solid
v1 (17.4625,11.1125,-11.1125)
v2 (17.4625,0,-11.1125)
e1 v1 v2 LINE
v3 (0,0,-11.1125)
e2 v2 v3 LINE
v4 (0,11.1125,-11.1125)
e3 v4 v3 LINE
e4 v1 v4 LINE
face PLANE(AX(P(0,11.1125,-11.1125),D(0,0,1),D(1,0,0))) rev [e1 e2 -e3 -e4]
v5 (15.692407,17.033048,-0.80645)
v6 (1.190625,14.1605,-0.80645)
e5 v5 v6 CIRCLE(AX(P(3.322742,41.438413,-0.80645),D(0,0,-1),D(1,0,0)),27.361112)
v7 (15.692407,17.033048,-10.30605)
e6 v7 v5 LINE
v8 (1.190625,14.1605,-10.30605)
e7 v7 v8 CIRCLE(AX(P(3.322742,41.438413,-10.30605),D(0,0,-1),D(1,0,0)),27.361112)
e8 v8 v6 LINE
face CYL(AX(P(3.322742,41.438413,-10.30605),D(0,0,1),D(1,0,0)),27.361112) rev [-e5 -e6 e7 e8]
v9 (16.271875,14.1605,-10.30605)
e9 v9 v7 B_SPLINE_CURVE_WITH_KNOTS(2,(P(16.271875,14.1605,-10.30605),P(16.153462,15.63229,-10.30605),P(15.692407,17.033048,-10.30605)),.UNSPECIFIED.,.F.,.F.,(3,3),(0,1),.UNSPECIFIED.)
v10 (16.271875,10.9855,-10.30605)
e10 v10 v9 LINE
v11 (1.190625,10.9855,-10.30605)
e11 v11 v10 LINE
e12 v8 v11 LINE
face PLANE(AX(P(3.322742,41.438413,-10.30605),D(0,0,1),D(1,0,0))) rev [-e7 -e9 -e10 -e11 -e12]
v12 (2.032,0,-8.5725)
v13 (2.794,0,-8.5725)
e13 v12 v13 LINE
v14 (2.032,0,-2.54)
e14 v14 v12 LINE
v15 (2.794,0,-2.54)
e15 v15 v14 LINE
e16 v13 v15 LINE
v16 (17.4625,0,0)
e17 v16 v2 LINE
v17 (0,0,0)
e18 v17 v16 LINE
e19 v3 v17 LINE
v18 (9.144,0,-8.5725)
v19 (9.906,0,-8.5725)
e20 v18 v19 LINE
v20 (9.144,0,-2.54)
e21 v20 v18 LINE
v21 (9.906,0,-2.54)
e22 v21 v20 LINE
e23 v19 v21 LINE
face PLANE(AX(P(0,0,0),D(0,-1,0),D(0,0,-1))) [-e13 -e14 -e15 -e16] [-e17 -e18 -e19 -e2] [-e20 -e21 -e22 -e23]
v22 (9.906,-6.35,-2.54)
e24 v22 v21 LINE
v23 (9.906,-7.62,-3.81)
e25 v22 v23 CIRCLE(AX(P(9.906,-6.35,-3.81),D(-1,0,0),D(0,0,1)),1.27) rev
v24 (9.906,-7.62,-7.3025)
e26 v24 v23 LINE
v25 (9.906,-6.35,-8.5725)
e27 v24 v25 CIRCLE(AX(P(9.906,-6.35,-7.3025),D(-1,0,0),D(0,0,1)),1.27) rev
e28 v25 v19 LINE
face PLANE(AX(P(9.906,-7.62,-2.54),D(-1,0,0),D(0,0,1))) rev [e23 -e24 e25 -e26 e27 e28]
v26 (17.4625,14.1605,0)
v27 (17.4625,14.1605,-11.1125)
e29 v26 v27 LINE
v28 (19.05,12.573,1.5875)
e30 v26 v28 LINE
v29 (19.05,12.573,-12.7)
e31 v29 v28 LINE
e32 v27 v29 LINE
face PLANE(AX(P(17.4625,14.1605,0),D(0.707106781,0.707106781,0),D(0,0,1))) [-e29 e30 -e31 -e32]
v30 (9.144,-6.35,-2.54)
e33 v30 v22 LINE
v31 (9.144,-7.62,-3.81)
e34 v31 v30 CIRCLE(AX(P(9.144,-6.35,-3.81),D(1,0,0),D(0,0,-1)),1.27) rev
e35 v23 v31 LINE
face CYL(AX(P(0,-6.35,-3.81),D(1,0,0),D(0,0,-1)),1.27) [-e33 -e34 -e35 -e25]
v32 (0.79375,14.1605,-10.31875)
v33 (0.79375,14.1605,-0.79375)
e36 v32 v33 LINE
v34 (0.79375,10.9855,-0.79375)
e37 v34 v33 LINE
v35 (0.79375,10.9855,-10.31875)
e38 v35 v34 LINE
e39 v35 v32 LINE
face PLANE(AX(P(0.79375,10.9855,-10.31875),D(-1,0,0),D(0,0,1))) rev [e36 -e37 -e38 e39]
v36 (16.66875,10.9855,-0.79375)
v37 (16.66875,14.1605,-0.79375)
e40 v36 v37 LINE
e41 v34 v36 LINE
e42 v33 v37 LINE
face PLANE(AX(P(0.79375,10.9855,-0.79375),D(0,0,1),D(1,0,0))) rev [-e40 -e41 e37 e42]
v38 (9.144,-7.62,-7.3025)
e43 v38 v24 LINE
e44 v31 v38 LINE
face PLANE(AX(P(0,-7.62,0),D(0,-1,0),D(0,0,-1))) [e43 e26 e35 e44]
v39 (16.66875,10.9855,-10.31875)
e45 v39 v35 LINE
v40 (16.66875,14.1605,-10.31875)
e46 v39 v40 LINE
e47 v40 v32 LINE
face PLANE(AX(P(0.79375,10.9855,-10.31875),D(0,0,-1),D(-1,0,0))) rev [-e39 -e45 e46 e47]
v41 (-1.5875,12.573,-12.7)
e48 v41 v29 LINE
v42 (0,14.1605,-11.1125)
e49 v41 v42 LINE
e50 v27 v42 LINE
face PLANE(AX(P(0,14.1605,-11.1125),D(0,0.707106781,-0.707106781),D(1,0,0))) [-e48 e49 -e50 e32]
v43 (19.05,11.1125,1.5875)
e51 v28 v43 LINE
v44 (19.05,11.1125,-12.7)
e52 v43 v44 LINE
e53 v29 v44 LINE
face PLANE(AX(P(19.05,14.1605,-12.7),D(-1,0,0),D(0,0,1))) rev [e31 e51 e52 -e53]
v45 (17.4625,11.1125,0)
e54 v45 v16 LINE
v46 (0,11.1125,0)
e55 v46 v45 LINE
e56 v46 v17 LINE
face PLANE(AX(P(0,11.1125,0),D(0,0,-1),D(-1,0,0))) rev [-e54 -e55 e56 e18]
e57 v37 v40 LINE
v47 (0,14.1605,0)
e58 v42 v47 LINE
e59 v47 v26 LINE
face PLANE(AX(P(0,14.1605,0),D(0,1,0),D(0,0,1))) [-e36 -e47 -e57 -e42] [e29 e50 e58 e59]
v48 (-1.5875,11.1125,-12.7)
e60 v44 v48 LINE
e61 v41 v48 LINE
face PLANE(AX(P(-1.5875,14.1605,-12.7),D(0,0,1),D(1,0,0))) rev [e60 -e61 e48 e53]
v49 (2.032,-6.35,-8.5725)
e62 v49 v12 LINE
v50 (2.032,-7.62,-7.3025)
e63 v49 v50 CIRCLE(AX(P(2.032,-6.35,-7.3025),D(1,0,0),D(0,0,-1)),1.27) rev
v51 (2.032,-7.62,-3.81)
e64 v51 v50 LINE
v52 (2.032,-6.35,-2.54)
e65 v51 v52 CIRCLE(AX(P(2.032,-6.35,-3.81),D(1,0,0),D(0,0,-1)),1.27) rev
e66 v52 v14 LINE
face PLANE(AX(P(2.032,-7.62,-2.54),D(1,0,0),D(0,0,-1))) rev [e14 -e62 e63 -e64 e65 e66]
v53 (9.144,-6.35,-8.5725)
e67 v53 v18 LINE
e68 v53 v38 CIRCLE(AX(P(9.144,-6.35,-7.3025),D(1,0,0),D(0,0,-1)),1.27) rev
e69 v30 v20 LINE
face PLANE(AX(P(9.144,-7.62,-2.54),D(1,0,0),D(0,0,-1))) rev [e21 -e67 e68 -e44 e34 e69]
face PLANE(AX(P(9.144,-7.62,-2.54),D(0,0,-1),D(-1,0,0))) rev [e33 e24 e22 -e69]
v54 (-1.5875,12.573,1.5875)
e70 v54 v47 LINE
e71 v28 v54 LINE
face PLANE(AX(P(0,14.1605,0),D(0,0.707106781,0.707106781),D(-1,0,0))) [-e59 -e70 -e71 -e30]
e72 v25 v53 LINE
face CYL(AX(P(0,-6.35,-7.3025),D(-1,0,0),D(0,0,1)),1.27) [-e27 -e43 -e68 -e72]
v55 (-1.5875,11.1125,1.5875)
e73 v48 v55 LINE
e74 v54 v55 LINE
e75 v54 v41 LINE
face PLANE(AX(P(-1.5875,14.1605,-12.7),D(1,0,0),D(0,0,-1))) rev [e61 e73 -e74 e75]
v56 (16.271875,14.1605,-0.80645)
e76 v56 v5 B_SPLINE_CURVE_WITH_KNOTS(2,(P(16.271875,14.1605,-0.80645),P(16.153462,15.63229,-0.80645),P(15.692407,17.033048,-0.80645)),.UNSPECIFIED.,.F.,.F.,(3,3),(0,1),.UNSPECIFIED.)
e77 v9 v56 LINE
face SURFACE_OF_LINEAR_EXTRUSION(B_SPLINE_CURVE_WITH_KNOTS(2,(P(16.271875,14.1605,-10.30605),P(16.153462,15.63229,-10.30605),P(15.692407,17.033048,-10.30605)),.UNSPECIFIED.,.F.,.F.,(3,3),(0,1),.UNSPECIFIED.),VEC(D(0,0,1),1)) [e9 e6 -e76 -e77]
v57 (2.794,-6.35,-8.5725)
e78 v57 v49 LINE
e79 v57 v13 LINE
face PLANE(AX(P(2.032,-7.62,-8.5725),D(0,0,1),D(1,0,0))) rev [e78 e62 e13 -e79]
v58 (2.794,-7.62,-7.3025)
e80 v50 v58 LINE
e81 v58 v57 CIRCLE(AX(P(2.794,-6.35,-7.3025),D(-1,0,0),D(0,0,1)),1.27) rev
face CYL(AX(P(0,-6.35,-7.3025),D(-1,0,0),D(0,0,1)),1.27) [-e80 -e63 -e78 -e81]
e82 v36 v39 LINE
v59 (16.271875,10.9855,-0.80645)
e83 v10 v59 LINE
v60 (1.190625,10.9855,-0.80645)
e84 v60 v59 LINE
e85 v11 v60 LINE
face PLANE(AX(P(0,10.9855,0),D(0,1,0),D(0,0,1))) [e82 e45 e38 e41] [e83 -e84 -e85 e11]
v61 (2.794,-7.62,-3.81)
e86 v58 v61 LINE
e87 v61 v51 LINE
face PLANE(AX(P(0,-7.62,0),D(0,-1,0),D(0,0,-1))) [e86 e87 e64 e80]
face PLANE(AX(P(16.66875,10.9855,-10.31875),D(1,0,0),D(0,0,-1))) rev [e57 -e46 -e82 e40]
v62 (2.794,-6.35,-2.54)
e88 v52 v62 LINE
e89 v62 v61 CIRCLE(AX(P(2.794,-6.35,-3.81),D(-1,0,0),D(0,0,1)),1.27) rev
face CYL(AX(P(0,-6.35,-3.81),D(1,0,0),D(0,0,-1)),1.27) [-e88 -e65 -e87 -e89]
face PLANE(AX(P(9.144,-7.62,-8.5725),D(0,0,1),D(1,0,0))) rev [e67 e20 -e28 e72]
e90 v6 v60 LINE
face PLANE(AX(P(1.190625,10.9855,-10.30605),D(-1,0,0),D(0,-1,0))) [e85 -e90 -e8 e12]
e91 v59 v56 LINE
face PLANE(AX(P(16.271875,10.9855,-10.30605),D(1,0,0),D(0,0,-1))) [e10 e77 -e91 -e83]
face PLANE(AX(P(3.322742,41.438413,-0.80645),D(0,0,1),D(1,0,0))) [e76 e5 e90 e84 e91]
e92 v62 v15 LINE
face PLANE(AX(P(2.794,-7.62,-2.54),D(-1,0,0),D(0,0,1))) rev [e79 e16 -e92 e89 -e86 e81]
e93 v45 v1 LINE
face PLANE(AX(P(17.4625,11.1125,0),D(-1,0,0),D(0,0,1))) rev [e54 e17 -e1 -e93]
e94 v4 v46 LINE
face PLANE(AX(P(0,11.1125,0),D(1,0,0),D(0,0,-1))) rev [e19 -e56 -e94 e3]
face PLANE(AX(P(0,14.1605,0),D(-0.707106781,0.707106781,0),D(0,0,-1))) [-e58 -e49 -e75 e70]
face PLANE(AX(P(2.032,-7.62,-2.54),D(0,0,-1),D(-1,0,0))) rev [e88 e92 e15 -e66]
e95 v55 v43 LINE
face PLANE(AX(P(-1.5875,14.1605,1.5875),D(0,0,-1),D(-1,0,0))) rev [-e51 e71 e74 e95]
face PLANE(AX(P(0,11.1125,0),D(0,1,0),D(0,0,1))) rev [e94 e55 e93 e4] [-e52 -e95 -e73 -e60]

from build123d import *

# Parameters (mm, degrees)
SKETCH1_W                = 17.4625
SKETCH1_H                = 11.1125
BOSS_EXTRUDE1_DEPTH      = 11.1125
SKETCH2_W                = 20.6375
SKETCH2_H                = 14.2875
BOSS_EXTRUDE2_DEPTH      = 3.048
CHAMFER1_SIZE            = 1.5875
SKETCH3_W                = 15.875
SKETCH3_H                = 9.525
CUT_EXTRUDE1_DEPTH       = 3.175
BOSS_EXTRUDE3_DEPTH      = 4.7498
BOSS_EXTRUDE3_DEPTH_BACK = 4.7498
SKETCH5_W                = 0.762
SKETCH5_H                = 6.0325
BOSS_EXTRUDE4_DEPTH      = 7.62
FILLET1_R                = 1.27


with BuildPart() as part:
    # Sketch1 → Boss-Extrude1 (new body)
    with BuildSketch(Plane(origin=(0, 0, 0), x_dir=(1, 0, 0), z_dir=(0, 1, 0))):
        with Locations((8.73125, 5.55625)):
            Rectangle(SKETCH1_W, SKETCH1_H)
    extrude(amount=BOSS_EXTRUDE1_DEPTH)

    # Sketch2 → Boss-Extrude2 (add)
    with BuildSketch(Plane(origin=(0, 11.1125, 0), x_dir=(1, 0, 0), z_dir=(0, 1, 0))):
        with Locations((8.73125, 5.55625)):
            Rectangle(SKETCH2_W, SKETCH2_H)
    extrude(amount=BOSS_EXTRUDE2_DEPTH)

    # Chamfer1
    chamfer1_edges = [part.edges().sort_by_distance(p)[0] for p in [
        (-1.5875, 14.1605, -5.55625),
        (8.73125, 14.1605, 1.5875),
        (19.05, 14.1605, -5.55625),
        (8.73125, 14.1605, -12.7),
    ]]
    chamfer(chamfer1_edges, length=CHAMFER1_SIZE)

    # Sketch3 → Cut-Extrude1 (cut)
    with BuildSketch(Plane(origin=(0, 14.1605, 0), x_dir=(1, 0, 0), z_dir=(0, 1, 0))):
        with Locations((8.73125, 5.55625)):
            Rectangle(SKETCH3_W, SKETCH3_H)
    extrude(amount=-CUT_EXTRUDE1_DEPTH, mode=Mode.SUBTRACT)

    # Sketch4 → Boss-Extrude3 (add, two sides: drawn at the far end of the back side and taken through both)
    with BuildSketch(Plane.XY.offset(-5.55625).offset(-BOSS_EXTRUDE3_DEPTH_BACK)):
        with BuildLine():
            Line((1.190625, 10.9855), (16.271875, 10.9855))
            Line((16.271875, 10.9855), (16.271875, 14.1605))
            add(Edge.make_bspline(
                [(16.271875, 14.1605), (16.153461698, 15.632290366), (15.692407357, 17.033048026)],
                knots=[0, 0, 0, 1, 1, 1], degree=2))
            ThreePointArc((15.692407357, 17.033048026), (8.639200608, 14.598783188), (1.190625, 14.1605))
            Line((1.190625, 14.1605), (1.190625, 10.9855))
        make_face()
    extrude(amount=BOSS_EXTRUDE3_DEPTH + BOSS_EXTRUDE3_DEPTH_BACK)

    # Sketch5 → Boss-Extrude4 (add)
    with BuildSketch(Plane.XZ):
        with Locations((2.413, -5.55625)):
            Rectangle(SKETCH5_W, SKETCH5_H)
        with Locations((9.525, -5.55625)):
            Rectangle(SKETCH5_W, SKETCH5_H)
    extrude(amount=BOSS_EXTRUDE4_DEPTH)

    # Fillet1
    fillet1_edges = [part.edges().sort_by_distance(p)[0] for p in [
        (2.413, -7.62, -8.5725),
        (2.413, -7.62, -2.54),
        (9.525, -7.62, -8.5725),
        (9.525, -7.62, -2.54),
    ]]
    fillet(fillet1_edges, radius=FILLET1_R)


solid = part.part
